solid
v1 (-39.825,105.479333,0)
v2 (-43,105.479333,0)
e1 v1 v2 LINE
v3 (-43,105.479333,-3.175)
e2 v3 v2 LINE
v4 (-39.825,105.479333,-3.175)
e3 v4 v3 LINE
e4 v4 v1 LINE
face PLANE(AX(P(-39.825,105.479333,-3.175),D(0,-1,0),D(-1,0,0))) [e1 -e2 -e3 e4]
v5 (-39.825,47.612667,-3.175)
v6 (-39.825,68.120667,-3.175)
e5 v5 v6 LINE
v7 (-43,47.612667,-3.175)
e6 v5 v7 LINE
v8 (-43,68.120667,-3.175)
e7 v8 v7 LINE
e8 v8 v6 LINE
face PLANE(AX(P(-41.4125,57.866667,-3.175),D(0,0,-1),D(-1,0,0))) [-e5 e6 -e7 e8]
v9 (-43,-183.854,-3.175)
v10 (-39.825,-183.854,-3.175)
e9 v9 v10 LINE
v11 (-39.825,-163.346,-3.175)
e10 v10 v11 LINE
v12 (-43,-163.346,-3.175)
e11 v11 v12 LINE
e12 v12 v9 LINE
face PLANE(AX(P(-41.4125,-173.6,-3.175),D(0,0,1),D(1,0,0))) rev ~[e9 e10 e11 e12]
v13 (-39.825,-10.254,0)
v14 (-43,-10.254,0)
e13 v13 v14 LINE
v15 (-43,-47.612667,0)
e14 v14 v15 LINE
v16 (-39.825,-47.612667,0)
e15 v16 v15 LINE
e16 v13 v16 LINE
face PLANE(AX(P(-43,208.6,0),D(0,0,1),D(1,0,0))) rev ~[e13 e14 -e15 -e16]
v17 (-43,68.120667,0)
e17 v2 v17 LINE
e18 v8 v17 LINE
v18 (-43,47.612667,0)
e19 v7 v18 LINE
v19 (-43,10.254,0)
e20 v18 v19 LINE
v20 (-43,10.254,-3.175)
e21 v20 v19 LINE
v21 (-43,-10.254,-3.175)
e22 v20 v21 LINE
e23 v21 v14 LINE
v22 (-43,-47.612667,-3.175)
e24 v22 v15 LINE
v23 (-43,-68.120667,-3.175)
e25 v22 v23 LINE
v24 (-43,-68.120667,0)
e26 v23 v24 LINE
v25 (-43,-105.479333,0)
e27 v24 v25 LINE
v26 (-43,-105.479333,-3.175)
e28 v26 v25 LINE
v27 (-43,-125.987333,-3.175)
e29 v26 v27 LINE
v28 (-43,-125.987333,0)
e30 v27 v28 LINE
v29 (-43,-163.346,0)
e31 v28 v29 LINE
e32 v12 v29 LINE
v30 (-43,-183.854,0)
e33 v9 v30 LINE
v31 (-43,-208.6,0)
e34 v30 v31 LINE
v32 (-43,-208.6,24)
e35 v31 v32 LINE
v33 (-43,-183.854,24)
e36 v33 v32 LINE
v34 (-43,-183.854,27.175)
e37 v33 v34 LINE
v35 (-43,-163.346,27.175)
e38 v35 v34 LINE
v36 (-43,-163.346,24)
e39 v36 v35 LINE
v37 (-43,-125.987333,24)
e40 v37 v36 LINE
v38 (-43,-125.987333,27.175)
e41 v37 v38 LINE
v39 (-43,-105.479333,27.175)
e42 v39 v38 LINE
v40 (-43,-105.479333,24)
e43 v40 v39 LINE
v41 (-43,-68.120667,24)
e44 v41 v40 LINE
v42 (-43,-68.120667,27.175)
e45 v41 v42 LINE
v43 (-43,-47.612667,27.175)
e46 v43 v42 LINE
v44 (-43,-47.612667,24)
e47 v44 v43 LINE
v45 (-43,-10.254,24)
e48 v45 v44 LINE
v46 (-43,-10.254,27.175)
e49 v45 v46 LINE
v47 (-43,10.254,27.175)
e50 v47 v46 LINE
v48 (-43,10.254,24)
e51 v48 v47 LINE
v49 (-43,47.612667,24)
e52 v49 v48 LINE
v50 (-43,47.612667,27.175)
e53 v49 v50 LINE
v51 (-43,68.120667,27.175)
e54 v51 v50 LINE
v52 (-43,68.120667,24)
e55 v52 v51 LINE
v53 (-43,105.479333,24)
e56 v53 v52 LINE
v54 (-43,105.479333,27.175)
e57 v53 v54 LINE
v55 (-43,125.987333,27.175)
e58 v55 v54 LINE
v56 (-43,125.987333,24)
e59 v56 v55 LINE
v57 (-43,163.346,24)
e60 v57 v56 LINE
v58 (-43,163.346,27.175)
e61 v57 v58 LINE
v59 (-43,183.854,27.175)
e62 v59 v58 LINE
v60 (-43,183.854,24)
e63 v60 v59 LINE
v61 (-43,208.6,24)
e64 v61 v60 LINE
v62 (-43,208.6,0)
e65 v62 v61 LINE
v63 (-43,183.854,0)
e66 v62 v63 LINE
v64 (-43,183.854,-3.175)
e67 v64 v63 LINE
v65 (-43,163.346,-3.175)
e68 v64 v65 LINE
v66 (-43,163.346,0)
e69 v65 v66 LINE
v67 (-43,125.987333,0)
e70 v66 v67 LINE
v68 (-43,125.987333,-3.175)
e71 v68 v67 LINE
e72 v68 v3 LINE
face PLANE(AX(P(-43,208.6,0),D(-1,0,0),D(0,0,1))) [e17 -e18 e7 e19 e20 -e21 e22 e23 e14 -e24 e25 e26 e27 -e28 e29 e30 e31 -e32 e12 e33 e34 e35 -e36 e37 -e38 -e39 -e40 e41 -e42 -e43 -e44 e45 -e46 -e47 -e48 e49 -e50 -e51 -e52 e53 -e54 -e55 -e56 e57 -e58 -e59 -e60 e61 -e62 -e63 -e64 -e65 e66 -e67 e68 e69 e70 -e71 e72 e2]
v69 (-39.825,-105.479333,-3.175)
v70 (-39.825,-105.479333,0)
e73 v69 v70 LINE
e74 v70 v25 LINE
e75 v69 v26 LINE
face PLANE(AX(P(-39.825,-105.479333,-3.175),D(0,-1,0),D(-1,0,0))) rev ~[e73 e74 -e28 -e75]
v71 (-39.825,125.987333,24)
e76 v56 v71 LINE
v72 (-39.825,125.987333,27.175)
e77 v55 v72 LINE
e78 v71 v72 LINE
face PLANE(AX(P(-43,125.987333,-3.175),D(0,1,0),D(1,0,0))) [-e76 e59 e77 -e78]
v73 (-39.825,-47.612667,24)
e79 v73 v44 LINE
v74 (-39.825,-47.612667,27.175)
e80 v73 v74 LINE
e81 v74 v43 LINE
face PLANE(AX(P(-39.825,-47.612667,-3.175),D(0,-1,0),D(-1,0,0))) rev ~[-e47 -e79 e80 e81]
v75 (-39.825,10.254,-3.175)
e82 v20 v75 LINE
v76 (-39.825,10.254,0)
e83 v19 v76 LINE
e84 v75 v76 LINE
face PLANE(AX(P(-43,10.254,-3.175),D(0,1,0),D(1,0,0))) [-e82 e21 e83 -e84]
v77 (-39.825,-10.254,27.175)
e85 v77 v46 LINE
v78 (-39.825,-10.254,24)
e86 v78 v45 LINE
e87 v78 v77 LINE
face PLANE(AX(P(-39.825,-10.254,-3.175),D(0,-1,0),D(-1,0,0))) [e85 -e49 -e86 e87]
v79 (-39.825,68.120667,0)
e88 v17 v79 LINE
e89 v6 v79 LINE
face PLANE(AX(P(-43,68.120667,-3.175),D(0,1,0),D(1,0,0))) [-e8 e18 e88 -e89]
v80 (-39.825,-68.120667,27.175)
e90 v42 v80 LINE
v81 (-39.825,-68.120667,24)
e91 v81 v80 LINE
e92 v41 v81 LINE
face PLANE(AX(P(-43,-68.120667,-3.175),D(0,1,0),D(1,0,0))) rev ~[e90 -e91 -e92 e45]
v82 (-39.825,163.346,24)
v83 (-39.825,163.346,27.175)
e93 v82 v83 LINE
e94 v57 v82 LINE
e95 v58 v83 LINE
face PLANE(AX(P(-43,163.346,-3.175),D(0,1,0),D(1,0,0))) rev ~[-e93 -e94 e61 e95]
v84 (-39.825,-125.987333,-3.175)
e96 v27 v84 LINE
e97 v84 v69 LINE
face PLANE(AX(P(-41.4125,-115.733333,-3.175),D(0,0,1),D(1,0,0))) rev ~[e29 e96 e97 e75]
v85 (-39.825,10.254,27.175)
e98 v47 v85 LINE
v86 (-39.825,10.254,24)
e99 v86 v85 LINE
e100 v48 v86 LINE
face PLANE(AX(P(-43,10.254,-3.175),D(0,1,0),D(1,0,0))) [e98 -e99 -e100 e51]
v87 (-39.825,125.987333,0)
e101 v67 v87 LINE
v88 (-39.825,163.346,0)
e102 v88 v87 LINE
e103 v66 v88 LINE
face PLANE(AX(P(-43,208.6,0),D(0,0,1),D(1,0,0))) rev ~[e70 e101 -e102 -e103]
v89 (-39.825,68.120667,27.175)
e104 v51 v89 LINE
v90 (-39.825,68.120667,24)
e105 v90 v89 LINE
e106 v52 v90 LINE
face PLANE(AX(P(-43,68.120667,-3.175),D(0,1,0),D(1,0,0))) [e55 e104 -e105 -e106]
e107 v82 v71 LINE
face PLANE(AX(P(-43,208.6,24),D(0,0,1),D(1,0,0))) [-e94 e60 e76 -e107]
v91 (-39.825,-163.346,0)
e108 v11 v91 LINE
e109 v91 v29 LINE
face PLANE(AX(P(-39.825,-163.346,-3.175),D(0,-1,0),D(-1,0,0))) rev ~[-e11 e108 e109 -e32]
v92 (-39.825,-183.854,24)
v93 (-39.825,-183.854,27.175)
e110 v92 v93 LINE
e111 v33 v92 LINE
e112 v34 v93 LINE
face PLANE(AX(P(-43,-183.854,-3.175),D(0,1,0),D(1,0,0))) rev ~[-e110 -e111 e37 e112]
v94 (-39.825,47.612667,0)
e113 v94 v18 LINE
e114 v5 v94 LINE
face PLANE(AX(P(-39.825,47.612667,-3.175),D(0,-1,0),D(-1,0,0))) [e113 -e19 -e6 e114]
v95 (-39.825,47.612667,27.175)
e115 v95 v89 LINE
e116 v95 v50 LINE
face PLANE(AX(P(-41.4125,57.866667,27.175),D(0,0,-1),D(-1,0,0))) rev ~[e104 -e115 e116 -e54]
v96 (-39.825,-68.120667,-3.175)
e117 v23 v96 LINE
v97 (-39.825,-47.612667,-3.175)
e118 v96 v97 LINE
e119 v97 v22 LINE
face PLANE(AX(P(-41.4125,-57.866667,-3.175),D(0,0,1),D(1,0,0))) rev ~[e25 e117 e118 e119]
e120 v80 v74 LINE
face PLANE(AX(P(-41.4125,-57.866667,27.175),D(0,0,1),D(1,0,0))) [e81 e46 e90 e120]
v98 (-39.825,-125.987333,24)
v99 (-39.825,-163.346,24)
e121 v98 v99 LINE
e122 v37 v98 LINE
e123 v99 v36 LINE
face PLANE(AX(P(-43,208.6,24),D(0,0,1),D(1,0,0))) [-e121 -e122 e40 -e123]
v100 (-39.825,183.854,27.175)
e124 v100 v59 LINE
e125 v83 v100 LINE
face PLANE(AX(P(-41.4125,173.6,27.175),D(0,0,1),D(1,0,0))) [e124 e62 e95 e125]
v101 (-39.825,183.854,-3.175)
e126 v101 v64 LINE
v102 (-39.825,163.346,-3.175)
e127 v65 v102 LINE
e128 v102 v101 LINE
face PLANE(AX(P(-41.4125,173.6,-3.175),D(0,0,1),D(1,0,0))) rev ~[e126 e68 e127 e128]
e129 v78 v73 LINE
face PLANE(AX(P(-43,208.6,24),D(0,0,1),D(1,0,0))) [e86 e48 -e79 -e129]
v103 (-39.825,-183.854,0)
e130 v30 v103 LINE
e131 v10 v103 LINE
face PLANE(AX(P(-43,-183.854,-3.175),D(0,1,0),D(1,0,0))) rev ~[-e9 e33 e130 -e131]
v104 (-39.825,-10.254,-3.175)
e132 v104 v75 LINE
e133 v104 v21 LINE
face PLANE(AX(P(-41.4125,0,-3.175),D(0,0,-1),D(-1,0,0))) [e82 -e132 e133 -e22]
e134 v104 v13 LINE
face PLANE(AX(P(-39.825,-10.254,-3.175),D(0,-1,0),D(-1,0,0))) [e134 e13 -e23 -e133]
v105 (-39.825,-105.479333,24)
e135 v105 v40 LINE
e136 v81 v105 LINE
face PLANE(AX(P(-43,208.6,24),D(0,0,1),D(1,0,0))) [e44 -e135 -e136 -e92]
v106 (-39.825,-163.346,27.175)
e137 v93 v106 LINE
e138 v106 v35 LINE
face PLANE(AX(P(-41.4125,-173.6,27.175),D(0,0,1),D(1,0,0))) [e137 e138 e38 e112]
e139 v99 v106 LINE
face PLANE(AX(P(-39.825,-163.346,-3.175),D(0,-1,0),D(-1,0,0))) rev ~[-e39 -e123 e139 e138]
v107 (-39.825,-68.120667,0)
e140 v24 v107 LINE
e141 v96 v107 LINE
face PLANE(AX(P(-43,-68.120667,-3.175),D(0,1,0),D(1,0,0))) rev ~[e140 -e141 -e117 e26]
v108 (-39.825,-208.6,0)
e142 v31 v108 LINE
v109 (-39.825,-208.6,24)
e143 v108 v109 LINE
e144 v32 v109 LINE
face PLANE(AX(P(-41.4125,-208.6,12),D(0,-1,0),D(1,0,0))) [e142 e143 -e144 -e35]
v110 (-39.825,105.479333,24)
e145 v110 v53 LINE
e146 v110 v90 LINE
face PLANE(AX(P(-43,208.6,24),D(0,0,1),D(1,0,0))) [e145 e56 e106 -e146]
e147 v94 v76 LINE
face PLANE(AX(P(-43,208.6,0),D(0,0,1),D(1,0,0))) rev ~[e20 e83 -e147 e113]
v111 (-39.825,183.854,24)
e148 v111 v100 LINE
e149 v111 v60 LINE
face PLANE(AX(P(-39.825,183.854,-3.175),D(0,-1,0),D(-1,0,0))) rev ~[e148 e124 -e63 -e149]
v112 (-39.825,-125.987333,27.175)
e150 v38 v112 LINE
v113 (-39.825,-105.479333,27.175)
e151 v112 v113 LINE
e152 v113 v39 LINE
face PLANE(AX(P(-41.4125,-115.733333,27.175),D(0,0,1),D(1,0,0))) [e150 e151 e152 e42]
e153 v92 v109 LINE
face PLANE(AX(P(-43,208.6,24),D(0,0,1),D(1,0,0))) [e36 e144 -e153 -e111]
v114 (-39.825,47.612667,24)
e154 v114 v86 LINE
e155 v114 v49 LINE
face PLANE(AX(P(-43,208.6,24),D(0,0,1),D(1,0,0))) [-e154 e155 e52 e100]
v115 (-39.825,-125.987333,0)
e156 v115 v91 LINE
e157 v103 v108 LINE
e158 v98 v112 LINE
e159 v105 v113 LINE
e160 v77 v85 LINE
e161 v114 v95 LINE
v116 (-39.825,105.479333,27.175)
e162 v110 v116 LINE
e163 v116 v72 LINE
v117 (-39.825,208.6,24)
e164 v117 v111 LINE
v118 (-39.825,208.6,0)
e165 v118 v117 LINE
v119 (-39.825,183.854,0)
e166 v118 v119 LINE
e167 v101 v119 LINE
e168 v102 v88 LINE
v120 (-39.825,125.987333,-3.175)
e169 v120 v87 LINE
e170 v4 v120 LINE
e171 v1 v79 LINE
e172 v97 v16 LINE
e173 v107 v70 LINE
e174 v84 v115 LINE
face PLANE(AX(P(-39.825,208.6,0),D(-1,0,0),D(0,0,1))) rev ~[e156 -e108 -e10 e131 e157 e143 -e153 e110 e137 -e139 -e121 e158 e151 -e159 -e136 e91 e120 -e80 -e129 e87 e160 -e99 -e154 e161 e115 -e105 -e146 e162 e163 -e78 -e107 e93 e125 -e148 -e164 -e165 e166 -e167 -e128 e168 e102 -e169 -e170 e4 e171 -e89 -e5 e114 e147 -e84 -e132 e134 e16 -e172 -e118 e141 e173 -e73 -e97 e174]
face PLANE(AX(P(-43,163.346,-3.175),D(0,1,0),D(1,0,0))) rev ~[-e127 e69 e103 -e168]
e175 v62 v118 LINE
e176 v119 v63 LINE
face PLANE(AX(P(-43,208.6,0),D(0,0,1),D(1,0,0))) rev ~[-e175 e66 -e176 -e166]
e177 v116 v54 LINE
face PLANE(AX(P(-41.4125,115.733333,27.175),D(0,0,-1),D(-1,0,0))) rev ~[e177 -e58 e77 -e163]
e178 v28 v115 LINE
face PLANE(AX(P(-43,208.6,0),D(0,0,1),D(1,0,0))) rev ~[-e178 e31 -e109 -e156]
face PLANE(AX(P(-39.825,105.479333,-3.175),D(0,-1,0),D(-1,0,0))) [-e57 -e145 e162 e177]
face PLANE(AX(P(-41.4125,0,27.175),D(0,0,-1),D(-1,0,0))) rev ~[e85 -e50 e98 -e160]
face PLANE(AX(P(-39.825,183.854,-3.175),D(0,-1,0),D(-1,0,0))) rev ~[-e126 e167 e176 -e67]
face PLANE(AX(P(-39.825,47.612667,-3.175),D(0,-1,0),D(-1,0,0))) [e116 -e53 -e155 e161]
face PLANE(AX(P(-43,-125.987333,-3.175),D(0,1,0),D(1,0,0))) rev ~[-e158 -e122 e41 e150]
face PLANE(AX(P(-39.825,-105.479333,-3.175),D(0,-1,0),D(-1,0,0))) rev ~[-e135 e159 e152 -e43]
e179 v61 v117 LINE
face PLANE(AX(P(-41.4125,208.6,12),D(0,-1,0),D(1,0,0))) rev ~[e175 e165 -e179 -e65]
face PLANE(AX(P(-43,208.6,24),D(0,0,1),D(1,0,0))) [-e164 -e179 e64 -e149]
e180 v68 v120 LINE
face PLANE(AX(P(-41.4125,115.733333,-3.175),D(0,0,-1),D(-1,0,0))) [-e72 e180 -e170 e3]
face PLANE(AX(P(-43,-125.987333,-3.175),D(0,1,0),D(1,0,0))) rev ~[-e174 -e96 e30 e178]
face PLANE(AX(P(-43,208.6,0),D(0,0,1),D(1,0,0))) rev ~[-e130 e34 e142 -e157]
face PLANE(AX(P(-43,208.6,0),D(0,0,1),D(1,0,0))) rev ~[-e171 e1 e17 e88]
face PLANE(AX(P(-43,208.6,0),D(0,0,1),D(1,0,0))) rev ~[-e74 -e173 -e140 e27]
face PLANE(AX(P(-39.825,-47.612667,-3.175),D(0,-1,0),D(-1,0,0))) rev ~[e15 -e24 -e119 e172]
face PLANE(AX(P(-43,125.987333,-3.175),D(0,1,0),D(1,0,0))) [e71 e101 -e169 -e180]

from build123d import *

# Parameters (mm, degrees)
BOSS_EXTRU_1_DEPTH        = 27.175
BOSS_EXTRU_1_DEPTH_BACK   = 3.175
BOSS_EXTRU_1_2_DEPTH      = 27.175
BOSS_EXTRU_1_2_DEPTH_BACK = 3.175
BOSS_EXTRU_1_3_DEPTH      = 27.175
BOSS_EXTRU_1_3_DEPTH_BACK = 3.175
BOSS_EXTRU_1_4_DEPTH      = 27.175
BOSS_EXTRU_1_4_DEPTH_BACK = 3.175
BOSS_EXTRU_1_5_DEPTH      = 27.175
BOSS_EXTRU_1_5_DEPTH_BACK = 3.175
BOSS_EXTRU_1_6_DEPTH      = 27.175
BOSS_EXTRU_1_6_DEPTH_BACK = 3.175
BOSS_EXTRU_1_7_DEPTH      = 27.175
BOSS_EXTRU_1_7_DEPTH_BACK = 3.175
BOSS_EXTRU_2_DEPTH        = 198.346
BOSS_EXTRU_2_DEPTH_BACK   = 218.854
ESQUISSE2_W               = 3.175
ESQUISSE2_H               = 24


with BuildPart() as part:
    # Esquisse1 → Boss.-Extru.1 (new, two sides: drawn at the far end of the back side and taken through both)
    with BuildSketch(Plane.XY.offset(-BOSS_EXTRU_1_DEPTH_BACK)):
        Polygon((-43, 163.6), (-43, 163.346), (-39.825, 163.346), (-39.825, 163.6), (-39.825, 183.6), (-39.825, 183.854), (-43, 183.854), (-43, 183.6), align=None)
    extrude(amount=BOSS_EXTRU_1_DEPTH + BOSS_EXTRU_1_DEPTH_BACK)



with BuildPart() as body_2:
    # Esquisse1 → Boss.-Extru.1 2 (new, two sides: drawn at the far end of the back side and taken through both)
    with BuildSketch(Plane.XY.offset(-BOSS_EXTRU_1_2_DEPTH_BACK)):
        Polygon((-43, 125.733333333), (-43, 125.987333333), (-39.825, 125.987333333), (-39.825, 125.733333333), (-39.825, 105.733333333), (-39.825, 105.479333333), (-43, 105.479333333), (-43, 105.733333333), align=None)
    extrude(amount=BOSS_EXTRU_1_2_DEPTH + BOSS_EXTRU_1_2_DEPTH_BACK)


with BuildPart() as body_3:
    # Esquisse1 → Boss.-Extru.1 3 (new, two sides: drawn at the far end of the back side and taken through both)
    with BuildSketch(Plane.XY.offset(-BOSS_EXTRU_1_3_DEPTH_BACK)):
        Polygon((-43, 67.866666667), (-43, 68.120666667), (-39.825, 68.120666667), (-39.825, 67.866666667), (-39.825, 47.866666667), (-39.825, 47.612666667), (-43, 47.612666667), (-43, 47.866666667), align=None)
    extrude(amount=BOSS_EXTRU_1_3_DEPTH + BOSS_EXTRU_1_3_DEPTH_BACK)


with BuildPart() as body_4:
    # Esquisse1 → Boss.-Extru.1 4 (new, two sides: drawn at the far end of the back side and taken through both)
    with BuildSketch(Plane.XY.offset(-BOSS_EXTRU_1_4_DEPTH_BACK)):
        Polygon((-43, 10), (-43, 10.254), (-39.825, 10.254), (-39.825, 10), (-39.825, -10), (-39.825, -10.254), (-43, -10.254), (-43, -10), align=None)
    extrude(amount=BOSS_EXTRU_1_4_DEPTH + BOSS_EXTRU_1_4_DEPTH_BACK)


with BuildPart() as body_5:
    # Esquisse1 → Boss.-Extru.1 5 (new, two sides: drawn at the far end of the back side and taken through both)
    with BuildSketch(Plane.XY.offset(-BOSS_EXTRU_1_5_DEPTH_BACK)):
        Polygon((-43, -163.6), (-43, -183.6), (-43, -183.854), (-39.825, -183.854), (-39.825, -183.6), (-39.825, -163.6), (-39.825, -163.346), (-43, -163.346), align=None)
    extrude(amount=BOSS_EXTRU_1_5_DEPTH + BOSS_EXTRU_1_5_DEPTH_BACK)


with BuildPart() as body_6:
    # Esquisse1 → Boss.-Extru.1 6 (new, two sides: drawn at the far end of the back side and taken through both)
    with BuildSketch(Plane.XY.offset(-BOSS_EXTRU_1_6_DEPTH_BACK)):
        Polygon((-43, -105.733333333), (-43, -125.733333333), (-43, -125.987333333), (-39.825, -125.987333333), (-39.825, -125.733333333), (-39.825, -105.733333333), (-39.825, -105.479333333), (-43, -105.479333333), align=None)
    extrude(amount=BOSS_EXTRU_1_6_DEPTH + BOSS_EXTRU_1_6_DEPTH_BACK)


with BuildPart() as body_7:
    # Esquisse1 → Boss.-Extru.1 7 (new, two sides: drawn at the far end of the back side and taken through both)
    with BuildSketch(Plane.XY.offset(-BOSS_EXTRU_1_7_DEPTH_BACK)):
        Polygon((-43, -47.866666667), (-43, -67.866666667), (-43, -68.120666667), (-39.825, -68.120666667), (-39.825, -67.866666667), (-39.825, -47.866666667), (-39.825, -47.612666667), (-43, -47.612666667), align=None)
    extrude(amount=BOSS_EXTRU_1_7_DEPTH + BOSS_EXTRU_1_7_DEPTH_BACK)


with BuildPart() as part_1:
    add(part.part)

    add(body_2.part)  # Boss.-Extru.2 merges body 2

    add(body_3.part)  # Boss.-Extru.2 merges body 3

    add(body_4.part)  # Boss.-Extru.2 merges body 4

    add(body_5.part)  # Boss.-Extru.2 merges body 5

    add(body_6.part)  # Boss.-Extru.2 merges body 6

    add(body_7.part)  # Boss.-Extru.2 merges body 7
    # Esquisse2 → Boss.-Extru.2 (add, two sides: drawn at the far end of the back side and taken through both)
    with BuildSketch(Plane.XZ.offset(10.254).offset(-BOSS_EXTRU_2_DEPTH_BACK)):
        with Locations((-41.4125, 12)):
            Rectangle(ESQUISSE2_W, ESQUISSE2_H)
    extrude(amount=BOSS_EXTRU_2_DEPTH + BOSS_EXTRU_2_DEPTH_BACK)


solid = part_1.part
